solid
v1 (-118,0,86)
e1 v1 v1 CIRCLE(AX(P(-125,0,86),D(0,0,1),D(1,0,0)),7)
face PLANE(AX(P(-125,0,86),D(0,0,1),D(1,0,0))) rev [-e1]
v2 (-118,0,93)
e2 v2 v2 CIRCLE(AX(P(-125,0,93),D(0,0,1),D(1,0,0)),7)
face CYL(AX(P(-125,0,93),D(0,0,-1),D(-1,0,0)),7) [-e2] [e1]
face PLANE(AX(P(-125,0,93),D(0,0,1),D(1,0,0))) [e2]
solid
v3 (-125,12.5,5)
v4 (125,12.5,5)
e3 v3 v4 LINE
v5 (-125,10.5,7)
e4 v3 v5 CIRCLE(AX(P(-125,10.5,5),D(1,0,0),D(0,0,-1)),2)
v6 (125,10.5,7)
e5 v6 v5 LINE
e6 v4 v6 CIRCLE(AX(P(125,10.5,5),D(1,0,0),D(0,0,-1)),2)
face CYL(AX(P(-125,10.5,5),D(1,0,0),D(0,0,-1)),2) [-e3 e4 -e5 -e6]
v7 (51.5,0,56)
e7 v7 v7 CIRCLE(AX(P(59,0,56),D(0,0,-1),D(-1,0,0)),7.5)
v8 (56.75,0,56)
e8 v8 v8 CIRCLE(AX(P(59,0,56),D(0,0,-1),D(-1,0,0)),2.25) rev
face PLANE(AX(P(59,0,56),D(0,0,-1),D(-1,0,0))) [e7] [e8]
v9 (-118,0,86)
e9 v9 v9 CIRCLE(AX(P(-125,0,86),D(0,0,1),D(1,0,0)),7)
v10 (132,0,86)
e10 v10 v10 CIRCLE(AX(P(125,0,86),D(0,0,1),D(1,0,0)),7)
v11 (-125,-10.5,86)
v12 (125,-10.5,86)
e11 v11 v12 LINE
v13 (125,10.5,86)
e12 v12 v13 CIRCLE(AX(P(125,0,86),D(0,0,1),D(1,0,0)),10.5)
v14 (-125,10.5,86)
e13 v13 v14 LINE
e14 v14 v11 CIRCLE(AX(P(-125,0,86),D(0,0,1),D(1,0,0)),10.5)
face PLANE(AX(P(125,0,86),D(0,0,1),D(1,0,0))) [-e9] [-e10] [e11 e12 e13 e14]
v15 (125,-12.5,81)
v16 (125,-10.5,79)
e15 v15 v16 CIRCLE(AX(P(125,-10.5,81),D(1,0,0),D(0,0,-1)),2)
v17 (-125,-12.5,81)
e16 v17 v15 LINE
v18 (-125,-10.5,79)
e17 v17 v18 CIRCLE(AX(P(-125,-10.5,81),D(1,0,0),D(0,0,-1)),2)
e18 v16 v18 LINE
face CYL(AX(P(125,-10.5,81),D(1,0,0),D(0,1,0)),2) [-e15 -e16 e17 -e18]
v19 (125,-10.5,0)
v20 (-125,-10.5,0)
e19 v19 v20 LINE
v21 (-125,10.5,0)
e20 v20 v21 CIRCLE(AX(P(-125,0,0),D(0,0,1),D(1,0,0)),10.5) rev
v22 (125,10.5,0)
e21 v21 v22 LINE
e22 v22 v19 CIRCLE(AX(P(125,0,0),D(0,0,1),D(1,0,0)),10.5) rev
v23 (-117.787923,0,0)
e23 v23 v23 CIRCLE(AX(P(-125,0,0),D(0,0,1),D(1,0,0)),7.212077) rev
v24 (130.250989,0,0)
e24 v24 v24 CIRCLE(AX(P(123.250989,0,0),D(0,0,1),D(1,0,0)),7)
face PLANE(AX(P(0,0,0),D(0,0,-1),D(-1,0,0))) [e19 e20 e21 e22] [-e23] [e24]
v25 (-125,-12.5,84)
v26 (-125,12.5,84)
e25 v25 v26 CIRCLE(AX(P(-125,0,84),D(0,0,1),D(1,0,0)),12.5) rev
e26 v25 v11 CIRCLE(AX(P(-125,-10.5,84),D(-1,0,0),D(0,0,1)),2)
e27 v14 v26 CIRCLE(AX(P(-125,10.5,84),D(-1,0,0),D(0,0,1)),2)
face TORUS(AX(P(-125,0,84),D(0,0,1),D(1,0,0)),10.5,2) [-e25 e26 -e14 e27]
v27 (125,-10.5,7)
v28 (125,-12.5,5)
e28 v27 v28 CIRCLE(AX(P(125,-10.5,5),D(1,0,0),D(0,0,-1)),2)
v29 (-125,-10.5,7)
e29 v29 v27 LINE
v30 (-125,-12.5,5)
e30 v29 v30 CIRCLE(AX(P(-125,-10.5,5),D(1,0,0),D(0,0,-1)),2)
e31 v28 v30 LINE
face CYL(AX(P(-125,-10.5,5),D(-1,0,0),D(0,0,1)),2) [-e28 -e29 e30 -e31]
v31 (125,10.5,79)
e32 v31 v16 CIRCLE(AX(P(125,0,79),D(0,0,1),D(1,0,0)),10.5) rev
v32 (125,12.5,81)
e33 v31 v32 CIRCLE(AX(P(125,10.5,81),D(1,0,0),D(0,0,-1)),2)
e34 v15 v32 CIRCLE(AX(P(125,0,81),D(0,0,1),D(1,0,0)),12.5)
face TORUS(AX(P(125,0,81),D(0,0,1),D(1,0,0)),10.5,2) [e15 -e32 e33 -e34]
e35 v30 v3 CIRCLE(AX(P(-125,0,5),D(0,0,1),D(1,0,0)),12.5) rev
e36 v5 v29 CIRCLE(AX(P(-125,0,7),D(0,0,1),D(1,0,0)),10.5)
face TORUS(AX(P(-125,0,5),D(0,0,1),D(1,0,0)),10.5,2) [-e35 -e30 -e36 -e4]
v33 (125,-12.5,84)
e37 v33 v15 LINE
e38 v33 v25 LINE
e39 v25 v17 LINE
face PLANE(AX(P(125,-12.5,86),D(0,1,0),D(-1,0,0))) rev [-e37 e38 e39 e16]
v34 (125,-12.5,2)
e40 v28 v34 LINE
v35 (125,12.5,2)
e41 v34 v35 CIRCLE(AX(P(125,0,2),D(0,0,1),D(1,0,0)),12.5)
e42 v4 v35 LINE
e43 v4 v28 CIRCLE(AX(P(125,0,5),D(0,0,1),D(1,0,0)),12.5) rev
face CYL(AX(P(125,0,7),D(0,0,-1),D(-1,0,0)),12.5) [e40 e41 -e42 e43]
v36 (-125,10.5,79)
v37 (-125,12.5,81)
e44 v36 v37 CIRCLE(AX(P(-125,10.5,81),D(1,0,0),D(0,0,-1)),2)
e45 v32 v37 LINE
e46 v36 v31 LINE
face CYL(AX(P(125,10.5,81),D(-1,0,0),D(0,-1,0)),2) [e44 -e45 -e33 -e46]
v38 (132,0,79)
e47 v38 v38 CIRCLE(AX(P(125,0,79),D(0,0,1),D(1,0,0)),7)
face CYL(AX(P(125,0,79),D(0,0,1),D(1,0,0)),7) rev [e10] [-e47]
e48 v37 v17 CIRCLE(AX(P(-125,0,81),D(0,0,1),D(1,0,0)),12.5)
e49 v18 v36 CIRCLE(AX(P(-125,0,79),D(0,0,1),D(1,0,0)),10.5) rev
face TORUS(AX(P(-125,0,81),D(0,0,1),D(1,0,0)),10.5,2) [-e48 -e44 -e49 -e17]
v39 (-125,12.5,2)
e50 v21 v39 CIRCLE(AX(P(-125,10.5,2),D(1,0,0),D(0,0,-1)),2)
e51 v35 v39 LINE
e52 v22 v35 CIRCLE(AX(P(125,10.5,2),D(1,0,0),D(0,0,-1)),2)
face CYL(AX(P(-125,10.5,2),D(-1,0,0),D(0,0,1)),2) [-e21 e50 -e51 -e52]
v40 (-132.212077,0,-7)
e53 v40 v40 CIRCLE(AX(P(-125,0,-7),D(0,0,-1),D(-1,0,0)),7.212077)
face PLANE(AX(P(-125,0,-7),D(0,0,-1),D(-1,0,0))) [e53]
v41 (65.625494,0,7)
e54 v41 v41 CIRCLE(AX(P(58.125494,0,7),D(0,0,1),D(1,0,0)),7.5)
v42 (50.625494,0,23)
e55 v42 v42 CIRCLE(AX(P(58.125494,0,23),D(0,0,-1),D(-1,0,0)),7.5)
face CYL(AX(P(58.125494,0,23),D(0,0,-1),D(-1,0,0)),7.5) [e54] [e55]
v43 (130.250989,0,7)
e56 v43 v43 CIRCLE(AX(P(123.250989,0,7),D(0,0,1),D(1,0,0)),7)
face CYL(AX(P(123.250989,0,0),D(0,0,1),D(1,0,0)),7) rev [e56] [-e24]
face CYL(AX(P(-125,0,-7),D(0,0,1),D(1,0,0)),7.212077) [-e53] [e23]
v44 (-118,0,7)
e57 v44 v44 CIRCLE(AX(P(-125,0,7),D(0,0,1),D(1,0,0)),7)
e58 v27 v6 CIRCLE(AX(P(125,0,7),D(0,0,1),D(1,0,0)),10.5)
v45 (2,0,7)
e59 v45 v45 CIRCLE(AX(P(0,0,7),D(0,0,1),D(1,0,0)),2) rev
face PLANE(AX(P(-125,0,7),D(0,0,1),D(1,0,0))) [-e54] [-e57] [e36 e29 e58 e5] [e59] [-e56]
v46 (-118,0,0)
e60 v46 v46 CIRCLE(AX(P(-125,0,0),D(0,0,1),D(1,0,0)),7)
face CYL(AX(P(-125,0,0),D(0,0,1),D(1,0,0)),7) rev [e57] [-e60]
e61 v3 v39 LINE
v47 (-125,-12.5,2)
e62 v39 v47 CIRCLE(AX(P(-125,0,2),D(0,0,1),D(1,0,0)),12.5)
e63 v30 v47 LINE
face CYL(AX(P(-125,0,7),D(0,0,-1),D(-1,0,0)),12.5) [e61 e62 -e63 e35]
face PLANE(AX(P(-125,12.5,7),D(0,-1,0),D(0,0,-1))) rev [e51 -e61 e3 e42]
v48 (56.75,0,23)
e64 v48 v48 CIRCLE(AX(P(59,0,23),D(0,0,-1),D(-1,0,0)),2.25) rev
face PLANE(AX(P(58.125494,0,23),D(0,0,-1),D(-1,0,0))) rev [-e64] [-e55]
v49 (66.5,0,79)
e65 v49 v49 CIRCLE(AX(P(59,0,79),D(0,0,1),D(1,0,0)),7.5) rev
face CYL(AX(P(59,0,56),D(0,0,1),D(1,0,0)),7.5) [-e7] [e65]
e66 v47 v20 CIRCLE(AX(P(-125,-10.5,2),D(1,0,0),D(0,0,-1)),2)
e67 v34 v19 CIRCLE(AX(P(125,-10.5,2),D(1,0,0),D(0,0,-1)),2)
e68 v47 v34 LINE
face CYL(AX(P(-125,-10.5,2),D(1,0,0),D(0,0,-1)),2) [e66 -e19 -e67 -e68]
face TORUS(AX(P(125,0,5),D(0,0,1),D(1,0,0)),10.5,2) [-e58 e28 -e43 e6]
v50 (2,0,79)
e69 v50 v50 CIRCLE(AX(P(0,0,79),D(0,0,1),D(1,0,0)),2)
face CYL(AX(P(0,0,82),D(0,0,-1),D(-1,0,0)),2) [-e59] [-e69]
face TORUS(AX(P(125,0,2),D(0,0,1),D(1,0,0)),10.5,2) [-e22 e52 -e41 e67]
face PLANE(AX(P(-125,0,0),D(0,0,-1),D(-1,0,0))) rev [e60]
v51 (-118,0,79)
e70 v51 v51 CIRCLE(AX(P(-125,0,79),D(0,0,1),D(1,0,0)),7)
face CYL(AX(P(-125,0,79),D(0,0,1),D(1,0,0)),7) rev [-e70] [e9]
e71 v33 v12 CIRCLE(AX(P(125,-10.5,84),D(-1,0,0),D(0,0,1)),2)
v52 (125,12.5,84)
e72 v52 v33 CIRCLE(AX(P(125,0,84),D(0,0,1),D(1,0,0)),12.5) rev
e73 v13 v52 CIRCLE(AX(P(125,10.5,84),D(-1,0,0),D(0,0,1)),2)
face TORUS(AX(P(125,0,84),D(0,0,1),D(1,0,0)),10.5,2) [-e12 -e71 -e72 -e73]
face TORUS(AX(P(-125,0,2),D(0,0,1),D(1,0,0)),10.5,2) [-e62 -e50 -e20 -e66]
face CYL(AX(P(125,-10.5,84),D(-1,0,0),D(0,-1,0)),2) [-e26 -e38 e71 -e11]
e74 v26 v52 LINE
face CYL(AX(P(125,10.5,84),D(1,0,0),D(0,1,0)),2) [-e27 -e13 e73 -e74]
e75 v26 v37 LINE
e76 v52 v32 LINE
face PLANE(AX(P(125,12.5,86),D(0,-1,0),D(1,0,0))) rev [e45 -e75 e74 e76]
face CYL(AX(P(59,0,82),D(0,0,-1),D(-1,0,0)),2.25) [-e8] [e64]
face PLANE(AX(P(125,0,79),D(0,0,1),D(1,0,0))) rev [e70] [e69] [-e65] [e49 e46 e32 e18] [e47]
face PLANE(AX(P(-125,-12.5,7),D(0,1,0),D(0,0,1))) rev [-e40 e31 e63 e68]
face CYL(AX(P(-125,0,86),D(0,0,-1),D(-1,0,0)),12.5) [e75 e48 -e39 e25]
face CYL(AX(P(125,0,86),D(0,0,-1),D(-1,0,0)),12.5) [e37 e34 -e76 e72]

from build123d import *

# Parameters (mm, degrees)
BOSS_EXTRUDE1_DEPTH = 7
SKETCH2_R           = 7
CUT_EXTRUDE1_DEPTH  = 7
SKETCH3_R           = 7
CUT_EXTRUDE2_DEPTH  = 7
BOSS_EXTRUDE2_DEPTH = 7
SKETCH5_R           = 7
CUT_EXTRUDE3_DEPTH  = 7
SKETCH6_R           = 7
BOSS_EXTRUDE3_DEPTH = 7
SKETCH8_R           = 7.21207686
BOSS_EXTRUDE4_DEPTH = 7
FILLET1_R           = 2
FILLET2_R           = 2
SKETCH9_R           = 2
BOSS_EXTRUDE5_DEPTH = 82
SKETCH10_R          = 2.25
BOSS_EXTRUDE6_DEPTH = 82
SKETCH11_R          = 7.5
BOSS_EXTRUDE7_DEPTH = 23
SKETCH12_R          = 7.5
BOSS_EXTRUDE8_DEPTH = 23


with BuildPart() as part:
    # Sketch1 → Boss-Extrude1 (new body)
    with BuildSketch(Plane.XY):
        with BuildLine():
            Line((-125, 12.5), (125, 12.5))
            ThreePointArc((125, 12.5), (137.5, 0), (125, -12.5))
            Line((125, -12.5), (-125, -12.5))
            ThreePointArc((-125, -12.5), (-137.5, 0), (-125, 12.5))
        make_face()
    extrude(amount=BOSS_EXTRUDE1_DEPTH)

    # Sketch2 → Cut-Extrude1 (cut)
    with BuildSketch(Plane.XY.offset(7)):
        with Locations((-125, 0)):
            Circle(SKETCH2_R)
    extrude(amount=-CUT_EXTRUDE1_DEPTH, mode=Mode.SUBTRACT)

    # Sketch3 → Cut-Extrude2 (cut)
    with BuildSketch(Plane.XY.offset(7)):
        with Locations((123.250988895, 0)):
            Circle(SKETCH3_R)
    extrude(amount=-CUT_EXTRUDE2_DEPTH, mode=Mode.SUBTRACT)

    # Sketch8 → Boss-Extrude4 (add)
    with BuildSketch(Plane(origin=(0, 0, 0), x_dir=(-1, 0, 0), z_dir=(0, 0, -1))):
        with Locations((125, 0)):
            Circle(SKETCH8_R)
    extrude(amount=BOSS_EXTRUDE4_DEPTH)

    # Fillet2
    fillet2_edges = [part.edges().sort_by_distance(p)[0] for p in [
        (137.5, 0, 7),
        (0, 12.5, 7),
        (-137.5, 0, 7),
        (0, 12.5, 0),
        (137.5, 0, 0),
        (0, -12.5, 0),
        (-137.5, 0, 0),
        (0, -12.5, 7),
    ]]
    fillet(fillet2_edges, radius=FILLET2_R)



with BuildPart() as body_2:
    # Sketch4 → Boss-Extrude2 (new body)
    with BuildSketch(Plane.XY.offset(79)):
        with BuildLine():
            Line((125, -12.5), (-125, -12.5))
            ThreePointArc((-125, -12.5), (-137.5, 0), (-125, 12.5))
            Line((-125, 12.5), (125, 12.5))
            ThreePointArc((125, 12.5), (137.5, 0), (125, -12.5))
        make_face()
    extrude(amount=BOSS_EXTRUDE2_DEPTH)

    # Sketch5 → Cut-Extrude3 (cut)
    with BuildSketch(Plane.XY.offset(86)):
        with Locations((125, 0)):
            Circle(SKETCH5_R)
        with Locations((-125, 0)):
            Circle(SKETCH5_R)
    extrude(amount=-CUT_EXTRUDE3_DEPTH, mode=Mode.SUBTRACT)

    # Fillet1
    fillet1_edges = [body_2.edges().sort_by_distance(p)[0] for p in [
        (-137.5, 0, 86),
        (0, -12.5, 86),
        (137.5, 0, 86),
        (0, -12.5, 79),
        (-137.5, 0, 79),
        (0, 12.5, 79),
        (137.5, 0, 79),
        (0, 12.5, 86),
    ]]
    fillet(fillet1_edges, radius=FILLET1_R)


with BuildPart() as body_3:
    # Sketch6 → Boss-Extrude3 (new body)
    with BuildSketch(Plane.XY.offset(86)):
        with Locations((-125, 0)):
            Circle(SKETCH6_R)
    extrude(amount=BOSS_EXTRUDE3_DEPTH)


with BuildPart() as part_1:
    add(part.part)

    add(body_2.part)  # Boss-Extrude5 merges body 2
    # Sketch9 → Boss-Extrude5 (add)
    with BuildSketch(Plane(origin=(0, 0, 0), x_dir=(-1, 0, 0), z_dir=(0, 0, -1))):
        Circle(SKETCH9_R)
    extrude(amount=-BOSS_EXTRUDE5_DEPTH)

    # Sketch10 → Boss-Extrude6 (add)
    with BuildSketch(Plane(origin=(0, 0, 0), x_dir=(-1, 0, 0), z_dir=(0, 0, -1))):
        with Locations((-59, 0)):
            Circle(SKETCH10_R)
    extrude(amount=-BOSS_EXTRUDE6_DEPTH)

    # Sketch11 → Boss-Extrude7 (add)
    with BuildSketch(Plane(origin=(0, 0, 0), x_dir=(-1, 0, 0), z_dir=(0, 0, -1))):
        with Locations((-58.125494447, 0)):
            Circle(SKETCH11_R)
    extrude(amount=-BOSS_EXTRUDE7_DEPTH)

    # Sketch12 → Boss-Extrude8 (add)
    with BuildSketch(Plane(origin=(0, 0, 79), x_dir=(-1, 0, 0), z_dir=(0, 0, -1))):
        with Locations((-59, 0)):
            Circle(SKETCH12_R)
    extrude(amount=BOSS_EXTRUDE8_DEPTH)


solid = Compound([body_3.part, part_1.part])
